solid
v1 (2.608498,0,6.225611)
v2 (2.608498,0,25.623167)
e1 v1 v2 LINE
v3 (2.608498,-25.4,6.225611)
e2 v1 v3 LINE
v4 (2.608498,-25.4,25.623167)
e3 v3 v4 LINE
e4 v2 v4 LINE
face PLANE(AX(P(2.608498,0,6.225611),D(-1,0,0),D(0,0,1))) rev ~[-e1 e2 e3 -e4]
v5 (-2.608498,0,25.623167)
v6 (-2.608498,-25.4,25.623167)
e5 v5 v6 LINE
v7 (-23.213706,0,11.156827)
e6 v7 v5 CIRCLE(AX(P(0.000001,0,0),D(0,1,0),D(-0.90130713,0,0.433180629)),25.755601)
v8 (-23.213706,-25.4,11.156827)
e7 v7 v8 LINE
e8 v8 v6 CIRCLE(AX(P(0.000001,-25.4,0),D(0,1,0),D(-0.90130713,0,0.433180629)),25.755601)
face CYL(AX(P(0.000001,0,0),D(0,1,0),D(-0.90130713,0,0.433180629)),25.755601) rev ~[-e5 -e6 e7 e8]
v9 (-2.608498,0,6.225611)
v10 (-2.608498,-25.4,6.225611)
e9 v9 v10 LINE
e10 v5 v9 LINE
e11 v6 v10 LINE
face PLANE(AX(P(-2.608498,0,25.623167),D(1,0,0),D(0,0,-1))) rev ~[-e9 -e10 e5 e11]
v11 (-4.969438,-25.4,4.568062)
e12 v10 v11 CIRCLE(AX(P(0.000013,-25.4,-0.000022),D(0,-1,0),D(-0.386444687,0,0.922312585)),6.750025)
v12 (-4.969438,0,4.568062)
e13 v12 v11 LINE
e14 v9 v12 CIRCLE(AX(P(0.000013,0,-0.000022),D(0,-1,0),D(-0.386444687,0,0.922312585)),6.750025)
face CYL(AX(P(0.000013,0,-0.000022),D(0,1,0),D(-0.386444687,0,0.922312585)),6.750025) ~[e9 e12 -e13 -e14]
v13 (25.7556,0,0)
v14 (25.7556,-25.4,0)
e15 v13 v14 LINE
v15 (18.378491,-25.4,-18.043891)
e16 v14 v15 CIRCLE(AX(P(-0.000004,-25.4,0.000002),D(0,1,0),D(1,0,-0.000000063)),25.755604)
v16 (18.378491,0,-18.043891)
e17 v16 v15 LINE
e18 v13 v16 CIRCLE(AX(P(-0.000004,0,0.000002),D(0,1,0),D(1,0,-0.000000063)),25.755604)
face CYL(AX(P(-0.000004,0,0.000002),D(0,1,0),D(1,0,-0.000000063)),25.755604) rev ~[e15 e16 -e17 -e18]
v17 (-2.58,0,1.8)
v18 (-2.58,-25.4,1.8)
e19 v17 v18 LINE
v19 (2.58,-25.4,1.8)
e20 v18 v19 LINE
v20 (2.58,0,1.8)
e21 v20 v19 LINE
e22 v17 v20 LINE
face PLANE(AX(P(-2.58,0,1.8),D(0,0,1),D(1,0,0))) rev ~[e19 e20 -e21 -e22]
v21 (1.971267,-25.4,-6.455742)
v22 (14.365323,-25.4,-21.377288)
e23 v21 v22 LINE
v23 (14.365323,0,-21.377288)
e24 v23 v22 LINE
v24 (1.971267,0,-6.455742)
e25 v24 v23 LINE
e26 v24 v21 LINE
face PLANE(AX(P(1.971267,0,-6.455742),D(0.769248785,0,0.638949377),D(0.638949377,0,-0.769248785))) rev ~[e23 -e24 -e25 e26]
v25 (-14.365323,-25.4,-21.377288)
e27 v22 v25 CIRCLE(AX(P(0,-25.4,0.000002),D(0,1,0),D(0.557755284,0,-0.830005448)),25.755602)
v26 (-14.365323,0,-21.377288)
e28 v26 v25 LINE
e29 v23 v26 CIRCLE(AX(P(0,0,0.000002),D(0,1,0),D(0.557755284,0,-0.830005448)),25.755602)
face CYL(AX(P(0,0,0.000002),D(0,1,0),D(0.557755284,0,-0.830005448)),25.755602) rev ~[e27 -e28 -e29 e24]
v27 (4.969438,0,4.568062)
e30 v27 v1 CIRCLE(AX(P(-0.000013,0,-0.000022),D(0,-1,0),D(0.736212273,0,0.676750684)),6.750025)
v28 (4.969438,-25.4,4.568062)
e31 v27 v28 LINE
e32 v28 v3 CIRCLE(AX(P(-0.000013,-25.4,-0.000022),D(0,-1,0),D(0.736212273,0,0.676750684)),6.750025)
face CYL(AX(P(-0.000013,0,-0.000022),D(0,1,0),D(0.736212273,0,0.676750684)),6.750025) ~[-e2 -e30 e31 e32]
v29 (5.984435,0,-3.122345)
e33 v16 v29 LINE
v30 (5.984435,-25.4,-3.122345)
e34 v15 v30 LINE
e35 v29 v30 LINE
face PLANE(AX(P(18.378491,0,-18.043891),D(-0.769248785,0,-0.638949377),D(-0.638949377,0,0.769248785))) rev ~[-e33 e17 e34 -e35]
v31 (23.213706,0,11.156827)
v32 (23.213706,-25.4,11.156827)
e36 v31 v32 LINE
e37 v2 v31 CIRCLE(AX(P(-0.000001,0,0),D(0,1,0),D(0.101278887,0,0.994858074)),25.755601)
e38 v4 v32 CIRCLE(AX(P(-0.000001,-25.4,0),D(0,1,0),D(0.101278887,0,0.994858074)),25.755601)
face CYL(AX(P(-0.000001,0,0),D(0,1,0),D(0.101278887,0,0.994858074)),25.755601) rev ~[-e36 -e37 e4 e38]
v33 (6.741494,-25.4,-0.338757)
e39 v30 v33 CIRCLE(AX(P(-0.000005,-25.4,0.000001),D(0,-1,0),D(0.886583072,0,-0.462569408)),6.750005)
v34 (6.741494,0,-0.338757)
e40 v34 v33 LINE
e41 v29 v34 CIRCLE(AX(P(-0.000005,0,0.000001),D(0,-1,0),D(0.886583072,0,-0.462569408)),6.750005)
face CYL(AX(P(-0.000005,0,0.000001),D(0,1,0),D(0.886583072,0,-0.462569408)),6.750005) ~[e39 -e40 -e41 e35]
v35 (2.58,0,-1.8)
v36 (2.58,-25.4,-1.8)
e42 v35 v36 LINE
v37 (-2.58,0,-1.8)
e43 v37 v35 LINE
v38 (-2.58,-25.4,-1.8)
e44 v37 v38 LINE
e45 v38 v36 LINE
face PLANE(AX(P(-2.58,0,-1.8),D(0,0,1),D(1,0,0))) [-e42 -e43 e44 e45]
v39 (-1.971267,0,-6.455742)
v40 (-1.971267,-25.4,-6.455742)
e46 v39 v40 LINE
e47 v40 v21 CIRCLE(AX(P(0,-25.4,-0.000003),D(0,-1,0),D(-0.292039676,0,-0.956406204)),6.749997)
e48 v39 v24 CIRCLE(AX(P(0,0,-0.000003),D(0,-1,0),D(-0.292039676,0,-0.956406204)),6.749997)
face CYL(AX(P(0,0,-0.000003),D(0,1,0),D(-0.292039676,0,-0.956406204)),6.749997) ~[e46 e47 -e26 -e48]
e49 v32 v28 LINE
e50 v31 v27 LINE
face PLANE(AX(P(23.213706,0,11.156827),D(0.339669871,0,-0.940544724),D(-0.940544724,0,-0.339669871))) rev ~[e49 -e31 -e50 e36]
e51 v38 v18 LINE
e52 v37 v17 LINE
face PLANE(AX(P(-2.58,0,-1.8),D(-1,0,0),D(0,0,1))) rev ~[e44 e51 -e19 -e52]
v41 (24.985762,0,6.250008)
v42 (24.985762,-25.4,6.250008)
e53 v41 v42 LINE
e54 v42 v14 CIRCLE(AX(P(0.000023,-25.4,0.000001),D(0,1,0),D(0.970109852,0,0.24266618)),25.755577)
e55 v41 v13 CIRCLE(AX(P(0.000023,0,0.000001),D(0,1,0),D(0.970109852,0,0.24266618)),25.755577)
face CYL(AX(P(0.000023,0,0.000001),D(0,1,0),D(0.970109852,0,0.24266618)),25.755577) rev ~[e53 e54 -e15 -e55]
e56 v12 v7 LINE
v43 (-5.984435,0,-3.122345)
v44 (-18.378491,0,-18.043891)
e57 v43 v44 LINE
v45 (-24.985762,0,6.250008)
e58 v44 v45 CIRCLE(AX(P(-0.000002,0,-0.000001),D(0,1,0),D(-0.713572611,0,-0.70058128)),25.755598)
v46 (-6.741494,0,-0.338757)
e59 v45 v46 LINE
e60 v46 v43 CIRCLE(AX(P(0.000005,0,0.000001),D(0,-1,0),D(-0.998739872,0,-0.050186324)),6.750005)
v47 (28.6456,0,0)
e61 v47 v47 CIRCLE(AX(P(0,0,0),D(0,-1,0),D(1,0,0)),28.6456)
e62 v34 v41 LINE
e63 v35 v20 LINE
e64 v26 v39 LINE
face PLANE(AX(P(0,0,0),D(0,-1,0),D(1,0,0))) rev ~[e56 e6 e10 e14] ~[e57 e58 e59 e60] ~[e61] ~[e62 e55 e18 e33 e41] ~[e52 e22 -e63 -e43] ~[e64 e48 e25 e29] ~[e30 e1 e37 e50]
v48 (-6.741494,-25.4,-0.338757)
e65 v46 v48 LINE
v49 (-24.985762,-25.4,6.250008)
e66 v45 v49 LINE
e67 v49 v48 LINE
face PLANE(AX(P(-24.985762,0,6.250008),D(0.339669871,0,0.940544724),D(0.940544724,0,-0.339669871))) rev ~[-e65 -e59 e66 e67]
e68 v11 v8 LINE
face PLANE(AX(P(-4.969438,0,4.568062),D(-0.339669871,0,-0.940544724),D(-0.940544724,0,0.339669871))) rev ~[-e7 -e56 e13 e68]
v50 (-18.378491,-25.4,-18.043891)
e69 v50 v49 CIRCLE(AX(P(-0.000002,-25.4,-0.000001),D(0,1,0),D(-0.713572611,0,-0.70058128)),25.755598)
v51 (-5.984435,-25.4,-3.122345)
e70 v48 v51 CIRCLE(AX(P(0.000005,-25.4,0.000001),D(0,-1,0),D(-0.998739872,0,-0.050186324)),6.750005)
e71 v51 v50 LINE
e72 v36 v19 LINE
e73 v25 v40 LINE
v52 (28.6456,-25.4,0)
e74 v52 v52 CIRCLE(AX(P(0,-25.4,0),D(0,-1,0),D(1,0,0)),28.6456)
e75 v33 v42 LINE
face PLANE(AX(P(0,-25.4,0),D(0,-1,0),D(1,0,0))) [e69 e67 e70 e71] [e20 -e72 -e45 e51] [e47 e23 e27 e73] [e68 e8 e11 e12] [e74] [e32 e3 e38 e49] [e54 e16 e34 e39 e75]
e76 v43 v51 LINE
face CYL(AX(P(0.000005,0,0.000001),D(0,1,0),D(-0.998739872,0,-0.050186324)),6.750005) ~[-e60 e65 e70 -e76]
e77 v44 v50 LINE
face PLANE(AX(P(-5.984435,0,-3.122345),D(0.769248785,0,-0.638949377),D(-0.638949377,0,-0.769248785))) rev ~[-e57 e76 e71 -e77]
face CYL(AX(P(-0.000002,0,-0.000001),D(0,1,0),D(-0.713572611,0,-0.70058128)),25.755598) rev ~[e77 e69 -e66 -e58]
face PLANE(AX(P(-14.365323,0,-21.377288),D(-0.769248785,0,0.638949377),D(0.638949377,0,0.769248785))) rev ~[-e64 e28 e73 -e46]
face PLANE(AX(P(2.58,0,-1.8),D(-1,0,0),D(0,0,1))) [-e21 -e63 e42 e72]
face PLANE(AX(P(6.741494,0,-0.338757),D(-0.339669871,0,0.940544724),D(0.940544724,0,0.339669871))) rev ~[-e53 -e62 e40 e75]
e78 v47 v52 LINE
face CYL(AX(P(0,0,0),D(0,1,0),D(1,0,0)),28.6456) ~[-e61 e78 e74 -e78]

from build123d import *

# Parameters (mm, degrees)
F0_R     = 28.6456
F0_W     = 5.16
F0_H     = 3.6
F1_DEPTH = 25.4


with BuildPart() as f1:
    # F0 (on Front) → F1 (new body)
    with BuildSketch(Plane.XZ):
        Circle(F0_R)
        with BuildLine():
            ThreePointArc((24.985762, 6.250008), (25.562416, 3.148621), (25.7556, 0))
            ThreePointArc((25.7556, 0), (23.840092, -9.746842), (18.378491, -18.043891))
            ThreePointArc((18.378491, -18.043891), (16.456525, -19.812463), (14.365323, -21.377288))
            ThreePointArc((14.365323, -21.377288), (0, -25.7556), (-14.365323, -21.377288))
            ThreePointArc((-14.365323, -21.377288), (-16.456525, -19.812463), (-18.378491, -18.043891))
            ThreePointArc((-18.378491, -18.043891), (-24.852827, -6.759284), (-24.985762, 6.250008))
            ThreePointArc((-24.985762, 6.250008), (-24.224294, 8.748401), (-23.213706, 11.156827))
            ThreePointArc((-23.213706, 11.156827), (-14.799166, 21.07927), (-2.608498, 25.623167))
            ThreePointArc((-2.608498, 25.623167), (0, 25.7556), (2.608498, 25.623167))
            ThreePointArc((2.608498, 25.623167), (14.799166, 21.07927), (23.213706, 11.156827))
            ThreePointArc((23.213706, 11.156827), (24.224294, 8.748401), (24.985762, 6.250008))
        make_face(mode=Mode.SUBTRACT)
        with BuildLine():
            Line((2.608498, 6.225611), (2.608498, 25.623167))
            ThreePointArc((2.608498, 25.623167), (0, 25.7556), (-2.608498, 25.623167))
            Line((-2.608498, 25.623167), (-2.608498, 6.225611))
            ThreePointArc((-2.608498, 6.225611), (0, 6.75), (2.608498, 6.225611))
        make_face()
        with BuildLine():
            Line((6.741494, -0.338757), (24.985762, 6.250008))
            ThreePointArc((24.985762, 6.250008), (24.224294, 8.748401), (23.213706, 11.156827))
            Line((23.213706, 11.156827), (4.969438, 4.568062))
            ThreePointArc((4.969438, 4.568062), (6.289126, 2.451407), (6.75, 0))
            ThreePointArc((6.75, 0), (6.747873, -0.169432), (6.741494, -0.338757))
        make_face()
        with BuildLine():
            ThreePointArc((5.984435, -3.122345), (6.513402, -1.771466), (6.741494, -0.338757))
            ThreePointArc((6.741494, -0.338757), (6.747873, -0.169432), (6.75, 0))
            ThreePointArc((6.75, 0), (6.289126, 2.451407), (4.969438, 4.568062))
            ThreePointArc((4.969438, 4.568062), (3.878549, 5.524432), (2.608498, 6.225611))
            ThreePointArc((2.608498, 6.225611), (0, 6.75), (-2.608498, 6.225611))
            ThreePointArc((-2.608498, 6.225611), (-3.878549, 5.524432), (-4.969438, 4.568062))
            ThreePointArc((-4.969438, 4.568062), (-6.348677, 2.292772), (-6.741494, -0.338757))
            ThreePointArc((-6.741494, -0.338757), (-6.513402, -1.771466), (-5.984435, -3.122345))
            ThreePointArc((-5.984435, -3.122345), (-4.312909, -5.192429), (-1.971267, -6.455742))
            ThreePointArc((-1.971267, -6.455742), (0, -6.75), (1.971267, -6.455742))
            ThreePointArc((1.971267, -6.455742), (4.312909, -5.192429), (5.984435, -3.122345))
        make_face()
        Rectangle(F0_W, F0_H, mode=Mode.SUBTRACT)
        with BuildLine():
            ThreePointArc((14.365323, -21.377288), (16.456525, -19.812463), (18.378491, -18.043891))
            Line((18.378491, -18.043891), (5.984435, -3.122345))
            ThreePointArc((5.984435, -3.122345), (4.312909, -5.192429), (1.971267, -6.455742))
            Line((1.971267, -6.455742), (14.365323, -21.377288))
        make_face()
        with BuildLine():
            ThreePointArc((-18.378491, -18.043891), (-16.456525, -19.812463), (-14.365323, -21.377288))
            Line((-14.365323, -21.377288), (-1.971267, -6.455742))
            ThreePointArc((-1.971267, -6.455742), (-4.312909, -5.192429), (-5.984435, -3.122345))
            Line((-5.984435, -3.122345), (-18.378491, -18.043891))
        make_face()
        with BuildLine():
            Line((-4.969438, 4.568062), (-23.213706, 11.156827))
            ThreePointArc((-23.213706, 11.156827), (-24.224294, 8.748401), (-24.985762, 6.250008))
            Line((-24.985762, 6.250008), (-6.741494, -0.338757))
            ThreePointArc((-6.741494, -0.338757), (-6.348677, 2.292772), (-4.969438, 4.568062))
        make_face()
    extrude(amount=F1_DEPTH)


solid = f1.part
